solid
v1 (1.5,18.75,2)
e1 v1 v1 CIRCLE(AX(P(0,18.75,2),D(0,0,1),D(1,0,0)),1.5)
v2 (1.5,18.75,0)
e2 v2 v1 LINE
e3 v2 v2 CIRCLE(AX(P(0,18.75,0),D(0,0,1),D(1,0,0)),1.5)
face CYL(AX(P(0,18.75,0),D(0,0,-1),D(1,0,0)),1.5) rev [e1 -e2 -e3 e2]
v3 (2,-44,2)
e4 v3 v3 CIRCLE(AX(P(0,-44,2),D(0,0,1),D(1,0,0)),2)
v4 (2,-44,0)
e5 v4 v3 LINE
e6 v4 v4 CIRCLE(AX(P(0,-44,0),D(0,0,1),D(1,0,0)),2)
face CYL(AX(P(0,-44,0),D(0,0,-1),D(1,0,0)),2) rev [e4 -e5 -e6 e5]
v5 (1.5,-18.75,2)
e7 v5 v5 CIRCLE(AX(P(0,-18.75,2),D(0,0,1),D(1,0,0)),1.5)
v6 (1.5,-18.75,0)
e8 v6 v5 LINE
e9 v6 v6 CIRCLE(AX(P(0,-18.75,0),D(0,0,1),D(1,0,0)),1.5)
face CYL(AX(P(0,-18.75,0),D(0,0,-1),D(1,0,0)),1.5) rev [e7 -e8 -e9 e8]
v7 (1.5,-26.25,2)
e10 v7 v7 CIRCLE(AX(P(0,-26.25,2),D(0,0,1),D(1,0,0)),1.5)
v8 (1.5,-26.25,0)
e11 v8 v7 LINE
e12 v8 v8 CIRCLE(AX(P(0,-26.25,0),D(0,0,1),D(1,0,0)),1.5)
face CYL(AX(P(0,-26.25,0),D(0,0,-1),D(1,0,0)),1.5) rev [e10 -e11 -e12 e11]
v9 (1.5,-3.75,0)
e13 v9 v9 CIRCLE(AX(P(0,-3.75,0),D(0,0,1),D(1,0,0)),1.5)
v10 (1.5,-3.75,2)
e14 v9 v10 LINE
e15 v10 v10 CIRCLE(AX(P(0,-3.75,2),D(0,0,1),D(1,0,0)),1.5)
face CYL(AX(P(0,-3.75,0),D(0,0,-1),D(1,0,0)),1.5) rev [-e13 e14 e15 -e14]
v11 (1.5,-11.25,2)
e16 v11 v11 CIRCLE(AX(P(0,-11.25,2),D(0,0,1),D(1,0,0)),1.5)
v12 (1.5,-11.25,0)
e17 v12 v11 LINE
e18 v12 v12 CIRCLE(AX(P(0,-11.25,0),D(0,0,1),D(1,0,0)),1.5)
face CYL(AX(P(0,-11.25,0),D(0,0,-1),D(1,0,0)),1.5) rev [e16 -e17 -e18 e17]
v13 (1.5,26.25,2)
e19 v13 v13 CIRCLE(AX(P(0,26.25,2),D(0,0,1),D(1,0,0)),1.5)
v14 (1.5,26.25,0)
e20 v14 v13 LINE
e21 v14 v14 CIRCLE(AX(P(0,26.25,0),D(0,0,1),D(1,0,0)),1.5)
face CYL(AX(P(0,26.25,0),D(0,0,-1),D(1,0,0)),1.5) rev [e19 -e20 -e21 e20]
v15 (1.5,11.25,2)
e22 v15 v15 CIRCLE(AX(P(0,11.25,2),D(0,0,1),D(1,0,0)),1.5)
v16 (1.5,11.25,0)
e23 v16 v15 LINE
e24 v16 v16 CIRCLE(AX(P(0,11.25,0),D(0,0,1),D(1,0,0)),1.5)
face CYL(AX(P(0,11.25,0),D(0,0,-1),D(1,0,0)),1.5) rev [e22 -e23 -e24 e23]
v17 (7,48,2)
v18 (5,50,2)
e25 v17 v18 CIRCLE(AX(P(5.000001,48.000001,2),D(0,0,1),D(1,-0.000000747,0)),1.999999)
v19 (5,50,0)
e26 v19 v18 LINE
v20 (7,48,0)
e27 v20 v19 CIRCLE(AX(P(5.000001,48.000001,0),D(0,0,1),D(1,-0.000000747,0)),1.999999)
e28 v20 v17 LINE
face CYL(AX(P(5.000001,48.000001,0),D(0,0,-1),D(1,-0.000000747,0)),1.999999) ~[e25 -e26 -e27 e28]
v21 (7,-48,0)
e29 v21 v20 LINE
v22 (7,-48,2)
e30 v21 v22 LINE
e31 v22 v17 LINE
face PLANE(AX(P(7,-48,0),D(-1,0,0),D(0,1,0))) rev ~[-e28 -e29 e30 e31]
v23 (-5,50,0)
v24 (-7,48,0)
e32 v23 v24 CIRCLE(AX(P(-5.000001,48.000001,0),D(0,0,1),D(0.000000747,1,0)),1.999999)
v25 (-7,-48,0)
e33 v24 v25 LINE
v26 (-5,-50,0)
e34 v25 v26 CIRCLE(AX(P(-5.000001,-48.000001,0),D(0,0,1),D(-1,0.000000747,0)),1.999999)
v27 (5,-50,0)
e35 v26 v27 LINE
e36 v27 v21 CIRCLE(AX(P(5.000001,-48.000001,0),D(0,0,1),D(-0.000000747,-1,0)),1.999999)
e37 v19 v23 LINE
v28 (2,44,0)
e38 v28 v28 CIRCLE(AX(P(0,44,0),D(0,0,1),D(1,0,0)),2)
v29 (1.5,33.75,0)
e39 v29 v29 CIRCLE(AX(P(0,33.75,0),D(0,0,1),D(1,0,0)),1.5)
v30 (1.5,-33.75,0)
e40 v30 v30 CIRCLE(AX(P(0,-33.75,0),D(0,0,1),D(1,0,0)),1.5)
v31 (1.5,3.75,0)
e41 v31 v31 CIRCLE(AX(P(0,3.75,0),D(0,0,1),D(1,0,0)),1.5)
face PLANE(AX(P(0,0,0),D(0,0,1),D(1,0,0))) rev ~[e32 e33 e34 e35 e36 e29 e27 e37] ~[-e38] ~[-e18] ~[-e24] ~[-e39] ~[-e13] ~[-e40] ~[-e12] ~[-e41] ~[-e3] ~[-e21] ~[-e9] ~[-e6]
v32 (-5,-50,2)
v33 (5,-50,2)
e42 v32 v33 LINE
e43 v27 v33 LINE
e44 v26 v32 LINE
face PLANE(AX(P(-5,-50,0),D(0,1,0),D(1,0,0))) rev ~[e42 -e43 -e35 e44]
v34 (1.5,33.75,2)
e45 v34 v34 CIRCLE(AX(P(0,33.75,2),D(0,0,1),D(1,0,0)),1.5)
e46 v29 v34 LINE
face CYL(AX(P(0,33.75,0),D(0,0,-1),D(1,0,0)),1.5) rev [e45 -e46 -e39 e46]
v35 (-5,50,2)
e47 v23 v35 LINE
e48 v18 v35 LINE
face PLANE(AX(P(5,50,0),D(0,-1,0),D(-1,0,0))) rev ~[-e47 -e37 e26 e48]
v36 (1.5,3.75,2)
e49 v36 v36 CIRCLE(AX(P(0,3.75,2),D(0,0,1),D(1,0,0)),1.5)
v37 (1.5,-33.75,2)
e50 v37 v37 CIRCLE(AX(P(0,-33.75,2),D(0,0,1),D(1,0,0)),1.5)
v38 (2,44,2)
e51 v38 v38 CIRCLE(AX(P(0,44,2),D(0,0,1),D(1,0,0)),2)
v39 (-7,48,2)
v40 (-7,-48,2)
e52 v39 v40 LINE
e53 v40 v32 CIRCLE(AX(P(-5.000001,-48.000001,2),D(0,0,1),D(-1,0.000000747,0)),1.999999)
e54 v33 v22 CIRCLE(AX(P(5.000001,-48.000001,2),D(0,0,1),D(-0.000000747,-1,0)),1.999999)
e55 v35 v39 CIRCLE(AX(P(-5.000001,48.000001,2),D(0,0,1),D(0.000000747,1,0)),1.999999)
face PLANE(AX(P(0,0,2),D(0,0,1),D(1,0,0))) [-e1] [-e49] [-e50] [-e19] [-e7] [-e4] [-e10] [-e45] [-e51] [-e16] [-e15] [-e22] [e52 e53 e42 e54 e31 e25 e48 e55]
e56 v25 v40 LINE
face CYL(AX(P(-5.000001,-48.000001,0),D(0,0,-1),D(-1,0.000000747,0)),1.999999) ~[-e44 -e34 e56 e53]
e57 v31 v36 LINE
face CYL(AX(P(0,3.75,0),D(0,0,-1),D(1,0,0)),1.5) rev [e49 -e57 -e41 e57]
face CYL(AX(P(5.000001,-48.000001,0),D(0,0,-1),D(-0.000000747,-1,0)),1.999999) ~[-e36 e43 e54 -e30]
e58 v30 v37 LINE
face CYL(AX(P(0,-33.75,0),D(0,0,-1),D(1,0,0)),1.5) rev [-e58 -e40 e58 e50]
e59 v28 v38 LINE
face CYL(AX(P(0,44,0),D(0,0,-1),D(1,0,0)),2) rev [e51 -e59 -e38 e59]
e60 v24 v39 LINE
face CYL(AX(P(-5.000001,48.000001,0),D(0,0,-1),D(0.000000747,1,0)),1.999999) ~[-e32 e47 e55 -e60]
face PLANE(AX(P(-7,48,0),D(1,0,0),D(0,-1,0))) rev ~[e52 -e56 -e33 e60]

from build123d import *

# Parameters (mm, degrees)
F0_R     = 2
F0_R_2   = 1.5
F1_DEPTH = 2


with BuildPart() as f1:
    # F0 (on Top) → F1 (new body)
    with BuildSketch(Plane.XY):
        with BuildLine():
            ThreePointArc((7, 48), (6.414214, 49.414214), (5, 50))
            Line((5, 50), (-5, 50))
            ThreePointArc((-5, 50), (-6.414214, 49.414214), (-7, 48))
            Line((-7, 48), (-7, -48))
            ThreePointArc((-7, -48), (-6.414214, -49.414214), (-5, -50))
            Line((-5, -50), (5, -50))
            ThreePointArc((5, -50), (6.414214, -49.414214), (7, -48))
            Line((7, -48), (7, 48))
        make_face()
        with Locations((0, -44)):
            Circle(F0_R, mode=Mode.SUBTRACT)
        with Locations((0, -33.75)):
            Circle(F0_R_2, mode=Mode.SUBTRACT)
        with Locations((0, -26.25)):
            Circle(F0_R_2, mode=Mode.SUBTRACT)
        with Locations((0, -18.75)):
            Circle(F0_R_2, mode=Mode.SUBTRACT)
        with Locations((0, -11.25)):
            Circle(F0_R_2, mode=Mode.SUBTRACT)
        with Locations((0, -3.75)):
            Circle(F0_R_2, mode=Mode.SUBTRACT)
        with Locations((0, 3.75)):
            Circle(F0_R_2, mode=Mode.SUBTRACT)
        with Locations((0, 11.25)):
            Circle(F0_R_2, mode=Mode.SUBTRACT)
        with Locations((0, 18.75)):
            Circle(F0_R_2, mode=Mode.SUBTRACT)
        with Locations((0, 26.25)):
            Circle(F0_R_2, mode=Mode.SUBTRACT)
        with Locations((0, 33.75)):
            Circle(F0_R_2, mode=Mode.SUBTRACT)
        with Locations((0, 44)):
            Circle(F0_R, mode=Mode.SUBTRACT)
    extrude(amount=F1_DEPTH)


solid = f1.part
